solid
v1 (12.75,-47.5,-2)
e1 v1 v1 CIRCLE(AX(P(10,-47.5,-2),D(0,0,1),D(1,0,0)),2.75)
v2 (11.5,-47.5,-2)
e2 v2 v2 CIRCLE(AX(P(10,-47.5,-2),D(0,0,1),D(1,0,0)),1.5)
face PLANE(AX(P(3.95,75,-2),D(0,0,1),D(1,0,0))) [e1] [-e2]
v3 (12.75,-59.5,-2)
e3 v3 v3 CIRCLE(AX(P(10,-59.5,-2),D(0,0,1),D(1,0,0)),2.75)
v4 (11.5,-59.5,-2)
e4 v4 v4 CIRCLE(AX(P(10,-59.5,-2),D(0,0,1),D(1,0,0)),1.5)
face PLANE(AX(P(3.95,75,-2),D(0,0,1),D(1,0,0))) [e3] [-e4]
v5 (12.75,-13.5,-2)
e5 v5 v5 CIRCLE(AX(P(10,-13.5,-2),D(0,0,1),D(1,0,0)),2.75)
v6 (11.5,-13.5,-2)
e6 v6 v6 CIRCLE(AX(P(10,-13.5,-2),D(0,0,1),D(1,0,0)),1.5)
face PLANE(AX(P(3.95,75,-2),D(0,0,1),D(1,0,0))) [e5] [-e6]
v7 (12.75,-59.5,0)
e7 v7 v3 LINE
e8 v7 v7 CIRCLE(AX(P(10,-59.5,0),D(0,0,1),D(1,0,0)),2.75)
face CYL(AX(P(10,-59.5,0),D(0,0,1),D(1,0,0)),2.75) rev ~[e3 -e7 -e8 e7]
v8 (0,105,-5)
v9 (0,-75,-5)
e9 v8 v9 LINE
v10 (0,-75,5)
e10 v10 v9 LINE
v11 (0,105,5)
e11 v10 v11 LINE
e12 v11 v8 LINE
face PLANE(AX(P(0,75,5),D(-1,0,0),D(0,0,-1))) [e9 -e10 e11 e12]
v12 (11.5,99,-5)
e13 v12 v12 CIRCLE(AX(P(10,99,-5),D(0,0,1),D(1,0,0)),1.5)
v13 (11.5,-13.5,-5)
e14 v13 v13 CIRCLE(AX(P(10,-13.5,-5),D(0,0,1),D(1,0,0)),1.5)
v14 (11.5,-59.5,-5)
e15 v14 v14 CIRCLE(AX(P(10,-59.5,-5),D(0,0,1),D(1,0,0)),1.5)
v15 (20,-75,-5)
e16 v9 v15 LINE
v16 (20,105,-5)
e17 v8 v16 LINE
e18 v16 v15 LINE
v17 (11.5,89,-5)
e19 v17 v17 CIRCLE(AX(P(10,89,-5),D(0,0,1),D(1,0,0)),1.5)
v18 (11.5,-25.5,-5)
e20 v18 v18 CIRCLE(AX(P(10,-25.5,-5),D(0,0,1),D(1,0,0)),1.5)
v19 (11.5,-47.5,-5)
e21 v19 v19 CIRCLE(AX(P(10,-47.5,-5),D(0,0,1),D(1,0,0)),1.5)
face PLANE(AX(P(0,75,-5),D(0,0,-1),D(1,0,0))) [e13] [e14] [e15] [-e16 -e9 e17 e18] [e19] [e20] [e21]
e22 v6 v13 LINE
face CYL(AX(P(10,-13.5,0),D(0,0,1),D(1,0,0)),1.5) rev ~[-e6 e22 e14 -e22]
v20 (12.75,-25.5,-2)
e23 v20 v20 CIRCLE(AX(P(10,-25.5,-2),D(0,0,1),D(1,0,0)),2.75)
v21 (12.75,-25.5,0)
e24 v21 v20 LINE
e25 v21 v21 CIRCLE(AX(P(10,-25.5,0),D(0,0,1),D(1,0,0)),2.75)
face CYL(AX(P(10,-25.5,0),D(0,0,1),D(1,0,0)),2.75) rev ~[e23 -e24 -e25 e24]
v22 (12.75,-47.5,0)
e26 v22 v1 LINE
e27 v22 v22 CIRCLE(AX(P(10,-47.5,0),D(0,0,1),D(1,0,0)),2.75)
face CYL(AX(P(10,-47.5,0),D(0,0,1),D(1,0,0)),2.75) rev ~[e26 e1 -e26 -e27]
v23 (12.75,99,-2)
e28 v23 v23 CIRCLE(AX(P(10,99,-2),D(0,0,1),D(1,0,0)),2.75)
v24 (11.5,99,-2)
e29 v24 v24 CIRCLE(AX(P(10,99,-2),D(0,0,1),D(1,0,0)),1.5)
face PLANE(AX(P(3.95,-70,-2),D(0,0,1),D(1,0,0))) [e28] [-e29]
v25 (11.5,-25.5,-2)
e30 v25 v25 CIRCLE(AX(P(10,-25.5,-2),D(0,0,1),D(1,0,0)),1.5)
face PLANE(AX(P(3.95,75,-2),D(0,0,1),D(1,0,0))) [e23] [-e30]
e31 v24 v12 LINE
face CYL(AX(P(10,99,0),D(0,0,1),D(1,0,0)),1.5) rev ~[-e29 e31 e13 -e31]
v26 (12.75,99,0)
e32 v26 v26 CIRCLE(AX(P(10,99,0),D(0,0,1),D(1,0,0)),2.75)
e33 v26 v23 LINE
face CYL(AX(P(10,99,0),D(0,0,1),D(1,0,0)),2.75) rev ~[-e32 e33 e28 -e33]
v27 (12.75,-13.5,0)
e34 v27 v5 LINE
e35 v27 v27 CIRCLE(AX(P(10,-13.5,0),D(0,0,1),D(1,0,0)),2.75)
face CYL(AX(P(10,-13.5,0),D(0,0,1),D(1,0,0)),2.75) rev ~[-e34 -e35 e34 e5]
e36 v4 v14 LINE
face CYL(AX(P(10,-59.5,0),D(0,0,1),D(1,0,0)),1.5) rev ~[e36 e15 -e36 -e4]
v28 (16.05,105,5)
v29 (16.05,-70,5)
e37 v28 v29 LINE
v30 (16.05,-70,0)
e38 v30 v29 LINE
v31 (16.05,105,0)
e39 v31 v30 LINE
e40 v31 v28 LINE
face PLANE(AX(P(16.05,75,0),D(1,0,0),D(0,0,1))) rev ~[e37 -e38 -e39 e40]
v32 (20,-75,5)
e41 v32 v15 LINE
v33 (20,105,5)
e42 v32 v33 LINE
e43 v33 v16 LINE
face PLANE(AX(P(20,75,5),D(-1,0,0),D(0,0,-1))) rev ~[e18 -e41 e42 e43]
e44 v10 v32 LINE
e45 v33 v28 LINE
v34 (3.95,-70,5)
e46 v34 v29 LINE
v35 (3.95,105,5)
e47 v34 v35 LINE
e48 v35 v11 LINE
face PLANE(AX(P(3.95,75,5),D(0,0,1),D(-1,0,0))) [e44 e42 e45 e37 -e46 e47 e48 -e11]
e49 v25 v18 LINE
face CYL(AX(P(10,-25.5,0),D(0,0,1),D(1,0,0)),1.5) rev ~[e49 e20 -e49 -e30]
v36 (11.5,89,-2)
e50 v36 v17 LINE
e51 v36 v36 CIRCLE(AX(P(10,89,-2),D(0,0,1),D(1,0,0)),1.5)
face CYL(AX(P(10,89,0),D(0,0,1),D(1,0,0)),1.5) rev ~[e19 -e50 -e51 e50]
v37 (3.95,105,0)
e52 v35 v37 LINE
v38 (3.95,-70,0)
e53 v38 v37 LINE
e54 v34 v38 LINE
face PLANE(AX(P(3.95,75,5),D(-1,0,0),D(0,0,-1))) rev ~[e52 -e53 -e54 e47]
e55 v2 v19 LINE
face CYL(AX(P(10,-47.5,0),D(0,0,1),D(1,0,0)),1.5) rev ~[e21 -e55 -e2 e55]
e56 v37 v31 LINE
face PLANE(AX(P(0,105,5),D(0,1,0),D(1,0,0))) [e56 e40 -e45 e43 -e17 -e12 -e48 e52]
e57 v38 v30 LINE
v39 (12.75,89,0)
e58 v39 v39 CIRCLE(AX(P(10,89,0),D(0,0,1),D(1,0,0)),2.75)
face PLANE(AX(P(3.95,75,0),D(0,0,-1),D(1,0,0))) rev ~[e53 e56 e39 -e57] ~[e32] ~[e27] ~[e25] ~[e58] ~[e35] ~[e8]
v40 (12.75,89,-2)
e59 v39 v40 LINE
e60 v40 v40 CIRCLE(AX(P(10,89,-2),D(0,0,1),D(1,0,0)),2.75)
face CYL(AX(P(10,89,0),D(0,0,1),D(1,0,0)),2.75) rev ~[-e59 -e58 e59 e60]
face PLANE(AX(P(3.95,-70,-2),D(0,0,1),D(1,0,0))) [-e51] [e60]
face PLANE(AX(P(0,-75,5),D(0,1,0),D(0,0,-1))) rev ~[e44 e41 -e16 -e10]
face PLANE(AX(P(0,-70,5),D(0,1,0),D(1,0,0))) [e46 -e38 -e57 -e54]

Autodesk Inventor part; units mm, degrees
ref_plane "YZ Plane" through (0, 0, 0) normal (1, 0, 0) x (0, 1, 0)
ref_plane "XZ Plane" through (0, 0, 0) normal (0, 1, 0) x (-1, 0, 0)
ref_plane "XY Plane" through (0, 0, 0) normal (0, 0, 1) x (1, 0, 0)
sketch "Sketch1" plane through (0, 0, 0) normal (1, 0, 0) x (0, 1, 0)
  line L0 (75, 5) -> (-75, 5)
  line L1 (-75, 5) -> (-75, -5)
  line L2 (-75, -5) -> (75, -5)
  line L3 (75, -5) -> (75, 5)
  line L4 (75, 5) -> (-75, -5) construction
  line L5 (-75, 5) -> (75, -5) construction
  point P0 (0, 0)
  dimension "d0" = 150
  dimension "d1" = 10
extrude "Extrusion1" add sketch "Sketch1" along normal blind 20
sketch "Sketch2" plane through (0, 75, 5) normal (0, 1, 0) x (1, 0, 0)
  line L0 (16.05, -5) -> (3.95, -5)
  line L1 (3.95, -5) -> (3.95, 5)
  line L2 (3.95, 5) -> (16.05, 5)
  line L3 (16.05, 5) -> (16.05, -5)
  line L4 (0, 0) -> (20, 0) projected
  line L5 (16.05, -5) -> (3.95, 5) construction
  line L6 (3.95, -5) -> (16.05, 5) construction
  point P0 (0, 5)
  point P1 (10, 0)
  point P2 (3.95, 0)
  point P3 (16.05, 0)
  dimension "d4" = 12.1
extrude "Extrusion2" cut sketch "Sketch2" against normal blind 145 contours L4 L1 L2 L3
sketch "Sketch3" plane through (3.95, 75, 0) normal (0, 0, 1) x (1, 0, 0)
  circle A0 centre (6.05, -134.5) radius 1.5
  line L0 (0, -145) -> (0, 0) projected
  line L1 (12.1, -145) -> (0, -145) projected
  circle A1 centre (6.05, -122.5) radius 1.5
  circle A2 centre (6.05, -122.5) radius 2.75
  circle A3 centre (6.05, -134.5) radius 2.75
  line L2 (1.5875, -111.5) -> (10.0422, -111.5)
  circle A4 centre (6.05, -88.5) radius 1.5
  circle A5 centre (6.05, -100.5) radius 1.5
  circle A6 centre (6.05, -100.5) radius 2.75
  circle A7 centre (6.05, -88.5) radius 2.75
  point P0 (-3.95, -75)
  point P1 (6.05, -145)
  dimension "d7" = 3
  dimension "d8" = 6.05
  dimension "d9" = 10.5
  dimension "d10" = 3
  dimension "d11" = 12
  dimension "d12" = 5.5
  dimension "d13" = 5.5
  dimension "d34" = 11
extrude "Extrusion3" cut sketch "Sketch3" against normal blind 5 contours A0 | A1 | A4 | A5
extrude "Extrusion4" cut sketch "Sketch3" against normal blind 2
sketch "Sketch4" plane through (0, 75, 5) normal (0, 1, 0) x (1, 0, 0)
  line L0 (0, 0) -> (0, 10) projected
  line L1 (0, 0) -> (0, 10)
  line L2 (20, 0) -> (20, 10) projected
  line L3 (0, 10) -> (20, 10)
  line L4 (20, 10) -> (20, 0)
  line L5 (16.05, 5) -> (16.05, 0) projected
  line L6 (20, 0) -> (16.05, 0)
  line L7 (3.95, 5) -> (16.05, 5) projected
  line L8 (16.05, 0) -> (16.05, 5)
  line L9 (16.05, 5) -> (3.95, 5)
  line L10 (3.95, 0) -> (3.95, 5) projected
  line L11 (3.95, 5) -> (3.95, 0)
  line L12 (3.95, 0) -> (0, 0)
  point P0 (0, 5)
extrude "Extrusion5" add sketch "Sketch4" along normal blind 30
sketch "Sketch6" plane through (3.95, -70, 0) normal (0, 0, 1) x (1, 0, 0)
  circle A0 centre (6.05, 169) radius 1.5
  circle A1 centre (6.05, 159) radius 1.5
  line L0 (0, 175) -> (12.1, 175) projected
  circle A2 centre (6.05, 169) radius 2.75
  circle A3 centre (6.05, 159) radius 2.75
  point P0 (-3.95, 70)
  point P1 (6.05, 175)
  dimension "d24" = 3
  dimension "d25" = 3
  dimension "d26" = 6
  dimension "d27" = 10
  dimension "d28" = 5.5
  dimension "d29" = 5.5
extrude "Extrusion6" cut sketch "Sketch6" against normal blind 5 contours A0 | A1
extrude "Extrusion7" cut sketch "Sketch6" against normal blind 2 contours A1 | A2 | A3
properties part number "Tiang Lifter_3DPrint"
